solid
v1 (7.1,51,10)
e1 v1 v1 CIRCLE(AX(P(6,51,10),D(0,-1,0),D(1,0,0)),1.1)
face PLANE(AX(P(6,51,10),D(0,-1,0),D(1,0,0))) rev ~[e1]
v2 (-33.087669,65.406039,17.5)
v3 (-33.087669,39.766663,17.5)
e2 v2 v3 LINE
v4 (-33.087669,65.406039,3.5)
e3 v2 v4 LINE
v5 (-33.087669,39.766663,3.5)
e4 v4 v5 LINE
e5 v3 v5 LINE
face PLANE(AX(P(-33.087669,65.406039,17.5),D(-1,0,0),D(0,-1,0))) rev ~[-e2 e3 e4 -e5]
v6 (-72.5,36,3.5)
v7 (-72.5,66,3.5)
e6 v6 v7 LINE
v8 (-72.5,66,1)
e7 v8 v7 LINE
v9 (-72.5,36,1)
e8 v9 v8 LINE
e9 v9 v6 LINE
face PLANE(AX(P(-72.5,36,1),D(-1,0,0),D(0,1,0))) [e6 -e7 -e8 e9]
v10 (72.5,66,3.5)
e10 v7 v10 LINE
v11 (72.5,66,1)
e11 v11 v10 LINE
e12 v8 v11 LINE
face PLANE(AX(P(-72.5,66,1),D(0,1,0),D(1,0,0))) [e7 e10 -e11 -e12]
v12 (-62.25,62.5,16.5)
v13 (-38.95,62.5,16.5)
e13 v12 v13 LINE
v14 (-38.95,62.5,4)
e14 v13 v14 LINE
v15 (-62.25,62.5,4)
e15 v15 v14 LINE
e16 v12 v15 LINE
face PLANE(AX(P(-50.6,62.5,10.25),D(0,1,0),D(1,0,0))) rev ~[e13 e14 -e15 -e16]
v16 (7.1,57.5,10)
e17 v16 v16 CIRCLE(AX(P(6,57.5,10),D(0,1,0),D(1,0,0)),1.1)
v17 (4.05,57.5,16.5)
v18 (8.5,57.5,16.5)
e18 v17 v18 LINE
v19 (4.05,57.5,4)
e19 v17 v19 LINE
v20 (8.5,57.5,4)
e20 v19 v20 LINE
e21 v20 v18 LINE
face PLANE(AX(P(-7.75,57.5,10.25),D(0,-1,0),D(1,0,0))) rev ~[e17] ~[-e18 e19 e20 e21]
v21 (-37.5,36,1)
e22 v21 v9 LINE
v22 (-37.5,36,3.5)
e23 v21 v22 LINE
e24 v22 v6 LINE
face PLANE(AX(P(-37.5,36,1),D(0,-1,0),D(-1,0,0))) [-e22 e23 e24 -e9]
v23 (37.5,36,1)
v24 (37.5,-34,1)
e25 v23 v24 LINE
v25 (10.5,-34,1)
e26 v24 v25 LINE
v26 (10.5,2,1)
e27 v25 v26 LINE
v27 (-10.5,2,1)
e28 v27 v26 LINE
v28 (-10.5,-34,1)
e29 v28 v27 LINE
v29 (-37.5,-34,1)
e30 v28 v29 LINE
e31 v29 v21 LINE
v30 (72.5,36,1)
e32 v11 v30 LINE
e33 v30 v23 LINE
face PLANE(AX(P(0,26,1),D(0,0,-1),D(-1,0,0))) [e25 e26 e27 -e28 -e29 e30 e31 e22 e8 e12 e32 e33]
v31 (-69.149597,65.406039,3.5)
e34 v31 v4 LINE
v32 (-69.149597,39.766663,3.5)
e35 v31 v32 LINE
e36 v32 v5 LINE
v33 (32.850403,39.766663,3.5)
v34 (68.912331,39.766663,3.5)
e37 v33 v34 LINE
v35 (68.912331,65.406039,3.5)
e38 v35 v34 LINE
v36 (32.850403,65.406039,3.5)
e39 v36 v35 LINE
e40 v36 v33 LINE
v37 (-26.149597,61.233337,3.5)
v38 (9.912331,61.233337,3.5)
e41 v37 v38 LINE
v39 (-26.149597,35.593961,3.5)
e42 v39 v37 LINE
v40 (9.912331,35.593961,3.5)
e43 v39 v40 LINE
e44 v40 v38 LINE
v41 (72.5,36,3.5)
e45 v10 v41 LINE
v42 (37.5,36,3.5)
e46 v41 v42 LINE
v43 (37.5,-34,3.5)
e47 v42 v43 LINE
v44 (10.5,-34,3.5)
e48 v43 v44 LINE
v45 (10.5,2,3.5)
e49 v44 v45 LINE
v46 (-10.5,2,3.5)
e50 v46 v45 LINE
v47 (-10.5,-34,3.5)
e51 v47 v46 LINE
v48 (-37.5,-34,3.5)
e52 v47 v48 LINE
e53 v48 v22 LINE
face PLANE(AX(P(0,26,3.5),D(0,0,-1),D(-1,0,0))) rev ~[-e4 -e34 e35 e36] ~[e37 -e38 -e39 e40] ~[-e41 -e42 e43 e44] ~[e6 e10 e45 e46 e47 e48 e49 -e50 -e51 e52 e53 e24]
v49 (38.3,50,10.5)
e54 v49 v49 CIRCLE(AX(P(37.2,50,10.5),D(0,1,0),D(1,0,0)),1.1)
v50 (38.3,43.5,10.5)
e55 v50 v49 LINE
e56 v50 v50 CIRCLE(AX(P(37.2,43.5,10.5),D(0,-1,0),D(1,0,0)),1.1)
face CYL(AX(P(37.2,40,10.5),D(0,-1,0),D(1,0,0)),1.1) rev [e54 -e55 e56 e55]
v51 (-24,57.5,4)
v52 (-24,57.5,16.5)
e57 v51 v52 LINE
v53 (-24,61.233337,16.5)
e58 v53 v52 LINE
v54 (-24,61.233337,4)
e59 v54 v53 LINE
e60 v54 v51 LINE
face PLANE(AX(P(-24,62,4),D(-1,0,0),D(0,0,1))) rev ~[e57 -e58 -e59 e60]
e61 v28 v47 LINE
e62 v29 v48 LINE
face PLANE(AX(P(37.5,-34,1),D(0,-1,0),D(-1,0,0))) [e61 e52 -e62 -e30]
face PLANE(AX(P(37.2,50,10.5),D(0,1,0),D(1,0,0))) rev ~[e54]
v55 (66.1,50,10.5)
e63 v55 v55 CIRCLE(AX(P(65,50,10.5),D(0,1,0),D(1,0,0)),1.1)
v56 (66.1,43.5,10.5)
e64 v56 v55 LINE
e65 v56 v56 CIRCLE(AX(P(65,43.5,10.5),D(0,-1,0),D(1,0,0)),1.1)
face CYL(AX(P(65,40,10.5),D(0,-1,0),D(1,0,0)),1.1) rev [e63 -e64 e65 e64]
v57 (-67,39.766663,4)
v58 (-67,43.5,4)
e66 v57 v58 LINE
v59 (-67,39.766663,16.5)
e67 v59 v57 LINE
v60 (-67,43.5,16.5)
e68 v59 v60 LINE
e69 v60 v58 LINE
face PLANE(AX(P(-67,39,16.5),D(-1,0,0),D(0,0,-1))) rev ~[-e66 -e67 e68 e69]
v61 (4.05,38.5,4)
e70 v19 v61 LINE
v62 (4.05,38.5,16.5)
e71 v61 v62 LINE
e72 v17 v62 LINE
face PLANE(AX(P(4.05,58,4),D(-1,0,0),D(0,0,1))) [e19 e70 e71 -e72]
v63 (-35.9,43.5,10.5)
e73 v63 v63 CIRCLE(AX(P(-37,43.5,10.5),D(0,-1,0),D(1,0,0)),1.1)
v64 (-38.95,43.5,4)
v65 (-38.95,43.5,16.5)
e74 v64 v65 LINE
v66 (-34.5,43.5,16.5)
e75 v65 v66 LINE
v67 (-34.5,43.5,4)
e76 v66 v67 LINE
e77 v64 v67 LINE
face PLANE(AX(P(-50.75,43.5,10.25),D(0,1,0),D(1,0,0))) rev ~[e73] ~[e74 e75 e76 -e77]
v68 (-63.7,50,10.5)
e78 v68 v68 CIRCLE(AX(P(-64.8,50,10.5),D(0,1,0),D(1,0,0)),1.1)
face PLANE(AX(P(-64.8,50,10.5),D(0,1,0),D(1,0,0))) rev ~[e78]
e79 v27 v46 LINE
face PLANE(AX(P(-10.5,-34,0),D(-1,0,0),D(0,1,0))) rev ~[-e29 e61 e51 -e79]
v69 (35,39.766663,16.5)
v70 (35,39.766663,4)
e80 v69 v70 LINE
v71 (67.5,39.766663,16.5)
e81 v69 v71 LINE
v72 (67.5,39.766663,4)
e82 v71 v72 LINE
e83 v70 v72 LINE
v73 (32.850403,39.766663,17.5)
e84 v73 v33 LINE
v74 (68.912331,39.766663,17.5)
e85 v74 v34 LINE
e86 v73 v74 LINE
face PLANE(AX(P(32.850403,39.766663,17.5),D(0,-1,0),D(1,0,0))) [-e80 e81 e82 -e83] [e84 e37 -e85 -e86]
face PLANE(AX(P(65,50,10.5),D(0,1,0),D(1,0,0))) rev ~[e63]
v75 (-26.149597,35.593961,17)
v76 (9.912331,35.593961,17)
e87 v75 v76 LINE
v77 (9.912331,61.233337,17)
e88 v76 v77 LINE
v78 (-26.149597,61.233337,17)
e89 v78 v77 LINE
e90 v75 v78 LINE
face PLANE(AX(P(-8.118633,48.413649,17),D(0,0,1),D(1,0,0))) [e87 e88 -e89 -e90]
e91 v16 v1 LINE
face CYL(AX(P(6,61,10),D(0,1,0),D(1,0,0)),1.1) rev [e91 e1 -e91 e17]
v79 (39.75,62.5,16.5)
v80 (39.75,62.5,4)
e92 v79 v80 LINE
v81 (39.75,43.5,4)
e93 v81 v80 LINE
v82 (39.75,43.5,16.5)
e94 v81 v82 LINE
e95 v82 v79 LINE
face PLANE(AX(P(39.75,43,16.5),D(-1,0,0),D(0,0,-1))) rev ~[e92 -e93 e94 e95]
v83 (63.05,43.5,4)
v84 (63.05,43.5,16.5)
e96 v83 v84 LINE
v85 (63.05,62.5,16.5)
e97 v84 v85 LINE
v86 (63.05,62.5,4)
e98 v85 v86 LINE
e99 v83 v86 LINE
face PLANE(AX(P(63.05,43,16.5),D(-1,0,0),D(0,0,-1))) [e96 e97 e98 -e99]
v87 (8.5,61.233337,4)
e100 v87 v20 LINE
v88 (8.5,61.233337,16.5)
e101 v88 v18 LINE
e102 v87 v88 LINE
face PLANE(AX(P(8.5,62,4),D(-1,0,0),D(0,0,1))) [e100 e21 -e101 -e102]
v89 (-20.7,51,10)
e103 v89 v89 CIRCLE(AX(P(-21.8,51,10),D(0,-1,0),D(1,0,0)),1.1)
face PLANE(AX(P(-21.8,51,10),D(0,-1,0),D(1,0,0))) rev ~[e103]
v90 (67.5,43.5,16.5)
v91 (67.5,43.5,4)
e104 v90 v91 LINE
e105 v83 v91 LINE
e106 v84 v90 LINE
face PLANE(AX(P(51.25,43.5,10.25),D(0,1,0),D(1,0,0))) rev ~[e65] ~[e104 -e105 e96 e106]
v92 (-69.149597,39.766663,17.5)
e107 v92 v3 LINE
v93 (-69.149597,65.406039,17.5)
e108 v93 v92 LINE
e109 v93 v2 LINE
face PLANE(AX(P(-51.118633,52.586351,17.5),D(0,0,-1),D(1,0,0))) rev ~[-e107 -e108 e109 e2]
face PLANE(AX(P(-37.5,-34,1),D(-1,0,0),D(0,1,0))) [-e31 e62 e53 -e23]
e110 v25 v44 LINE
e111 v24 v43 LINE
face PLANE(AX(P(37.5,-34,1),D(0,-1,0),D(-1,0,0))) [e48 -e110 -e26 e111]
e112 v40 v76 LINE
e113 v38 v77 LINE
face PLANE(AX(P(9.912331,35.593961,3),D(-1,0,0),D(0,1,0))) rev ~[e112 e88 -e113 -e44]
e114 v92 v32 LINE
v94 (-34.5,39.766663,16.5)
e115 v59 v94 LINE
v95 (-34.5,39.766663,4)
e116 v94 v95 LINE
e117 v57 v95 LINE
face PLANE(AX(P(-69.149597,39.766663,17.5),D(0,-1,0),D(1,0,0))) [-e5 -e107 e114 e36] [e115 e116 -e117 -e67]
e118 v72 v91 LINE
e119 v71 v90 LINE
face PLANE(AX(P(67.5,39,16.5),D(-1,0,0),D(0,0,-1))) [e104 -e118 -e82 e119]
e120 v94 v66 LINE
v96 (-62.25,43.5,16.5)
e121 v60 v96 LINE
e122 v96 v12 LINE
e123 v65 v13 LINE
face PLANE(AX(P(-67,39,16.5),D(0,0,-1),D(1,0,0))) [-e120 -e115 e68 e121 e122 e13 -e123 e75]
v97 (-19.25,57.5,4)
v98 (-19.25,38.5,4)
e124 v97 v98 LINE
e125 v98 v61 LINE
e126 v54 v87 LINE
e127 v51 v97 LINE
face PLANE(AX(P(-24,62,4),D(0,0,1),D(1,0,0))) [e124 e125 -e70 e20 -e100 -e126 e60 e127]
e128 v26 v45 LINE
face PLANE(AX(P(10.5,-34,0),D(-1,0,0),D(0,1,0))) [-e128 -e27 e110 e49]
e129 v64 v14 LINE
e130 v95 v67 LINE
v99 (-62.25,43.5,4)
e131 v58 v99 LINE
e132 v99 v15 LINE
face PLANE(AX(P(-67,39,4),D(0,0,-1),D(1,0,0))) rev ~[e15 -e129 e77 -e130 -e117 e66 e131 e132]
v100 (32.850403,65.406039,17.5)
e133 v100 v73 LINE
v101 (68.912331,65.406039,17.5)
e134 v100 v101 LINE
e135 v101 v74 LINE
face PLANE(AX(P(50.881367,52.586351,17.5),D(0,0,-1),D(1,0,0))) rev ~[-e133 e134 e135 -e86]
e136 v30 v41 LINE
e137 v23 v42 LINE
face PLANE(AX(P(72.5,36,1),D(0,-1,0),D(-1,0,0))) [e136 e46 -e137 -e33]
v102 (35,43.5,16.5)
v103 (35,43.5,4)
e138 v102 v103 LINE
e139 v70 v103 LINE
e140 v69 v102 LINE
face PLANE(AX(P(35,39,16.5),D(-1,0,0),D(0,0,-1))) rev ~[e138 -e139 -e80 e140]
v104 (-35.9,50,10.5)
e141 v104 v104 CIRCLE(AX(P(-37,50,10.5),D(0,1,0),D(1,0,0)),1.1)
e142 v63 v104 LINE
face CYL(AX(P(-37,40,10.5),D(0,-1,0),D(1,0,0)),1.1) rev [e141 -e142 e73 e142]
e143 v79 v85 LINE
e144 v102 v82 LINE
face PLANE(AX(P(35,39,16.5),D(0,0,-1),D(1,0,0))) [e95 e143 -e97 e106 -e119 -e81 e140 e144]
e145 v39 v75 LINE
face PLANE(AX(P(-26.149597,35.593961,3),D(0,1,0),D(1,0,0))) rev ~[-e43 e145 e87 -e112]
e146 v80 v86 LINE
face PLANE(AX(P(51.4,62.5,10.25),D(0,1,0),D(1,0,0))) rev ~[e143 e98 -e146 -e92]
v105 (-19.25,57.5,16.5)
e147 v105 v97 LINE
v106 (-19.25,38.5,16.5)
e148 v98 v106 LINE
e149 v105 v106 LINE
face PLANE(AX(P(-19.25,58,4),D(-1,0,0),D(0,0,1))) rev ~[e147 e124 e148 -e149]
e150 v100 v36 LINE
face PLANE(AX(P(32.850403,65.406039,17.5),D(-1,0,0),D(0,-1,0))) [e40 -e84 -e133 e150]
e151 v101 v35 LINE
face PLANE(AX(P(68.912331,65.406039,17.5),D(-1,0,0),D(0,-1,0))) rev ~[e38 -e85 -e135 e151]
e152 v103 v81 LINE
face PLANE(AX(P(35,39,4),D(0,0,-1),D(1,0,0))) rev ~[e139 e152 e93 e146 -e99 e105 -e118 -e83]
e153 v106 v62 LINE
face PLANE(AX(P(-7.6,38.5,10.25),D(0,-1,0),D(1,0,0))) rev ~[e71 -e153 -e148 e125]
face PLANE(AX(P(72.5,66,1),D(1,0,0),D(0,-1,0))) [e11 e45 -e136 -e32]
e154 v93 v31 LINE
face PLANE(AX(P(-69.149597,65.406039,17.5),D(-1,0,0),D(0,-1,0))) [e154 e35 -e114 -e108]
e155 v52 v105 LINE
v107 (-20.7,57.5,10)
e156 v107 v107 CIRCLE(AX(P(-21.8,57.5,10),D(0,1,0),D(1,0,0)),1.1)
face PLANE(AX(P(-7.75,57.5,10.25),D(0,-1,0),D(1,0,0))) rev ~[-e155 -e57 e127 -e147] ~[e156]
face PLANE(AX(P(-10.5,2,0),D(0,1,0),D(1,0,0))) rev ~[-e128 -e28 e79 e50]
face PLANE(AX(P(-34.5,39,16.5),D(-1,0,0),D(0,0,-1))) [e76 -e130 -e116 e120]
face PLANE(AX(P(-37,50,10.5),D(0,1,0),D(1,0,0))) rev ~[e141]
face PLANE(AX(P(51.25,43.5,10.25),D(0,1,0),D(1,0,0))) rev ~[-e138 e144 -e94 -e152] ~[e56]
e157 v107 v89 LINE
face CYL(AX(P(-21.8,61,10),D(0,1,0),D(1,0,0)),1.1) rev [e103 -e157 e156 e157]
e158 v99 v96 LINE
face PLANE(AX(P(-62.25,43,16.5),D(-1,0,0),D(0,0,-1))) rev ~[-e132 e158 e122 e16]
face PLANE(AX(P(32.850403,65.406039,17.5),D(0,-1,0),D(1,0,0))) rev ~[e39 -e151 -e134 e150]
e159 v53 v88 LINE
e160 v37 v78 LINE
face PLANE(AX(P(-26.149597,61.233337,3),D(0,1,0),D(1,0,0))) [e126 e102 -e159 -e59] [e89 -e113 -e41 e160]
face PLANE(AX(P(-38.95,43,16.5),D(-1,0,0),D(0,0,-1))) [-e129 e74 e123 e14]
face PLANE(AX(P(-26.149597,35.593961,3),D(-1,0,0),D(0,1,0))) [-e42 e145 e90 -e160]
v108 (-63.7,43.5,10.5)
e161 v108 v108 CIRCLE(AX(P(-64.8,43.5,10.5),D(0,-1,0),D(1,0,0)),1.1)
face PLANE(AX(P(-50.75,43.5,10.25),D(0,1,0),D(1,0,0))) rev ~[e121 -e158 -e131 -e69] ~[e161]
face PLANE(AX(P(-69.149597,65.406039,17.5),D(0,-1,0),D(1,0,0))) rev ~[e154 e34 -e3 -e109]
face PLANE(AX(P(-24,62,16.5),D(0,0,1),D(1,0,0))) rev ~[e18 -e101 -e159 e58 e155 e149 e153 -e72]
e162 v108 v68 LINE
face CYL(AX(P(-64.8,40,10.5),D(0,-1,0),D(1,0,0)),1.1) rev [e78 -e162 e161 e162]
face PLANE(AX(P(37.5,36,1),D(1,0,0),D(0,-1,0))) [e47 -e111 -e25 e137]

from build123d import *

# Parameters (mm, degrees)
BOX006_W               = 21
BOX006_H               = 36
BOX006_DEPTH           = 10
CYLINDER013_R          = 1.1
CYLINDER013_DEPTH      = 10
CYLINDER014_R          = 1.1
CYLINDER014_DEPTH      = 10
SKETCH019_W            = 23.3
SKETCH019_H            = 12.5
PAD019_DEPTH           = 19.5
SKETCH017_W            = 32.5
SKETCH017_H            = 12.5
PAD018_DEPTH           = 4.5
SKETCH018_W            = 36.061928
SKETCH018_H            = 25.639376
PAD017_DEPTH           = 14
CYLINDER015_R          = 1.1
CYLINDER015_DEPTH      = 10
CYLINDER016_R          = 1.1
CYLINDER016_DEPTH      = 10
SKETCH022_W            = 23.3
SKETCH022_H            = 12.5
PAD022_DEPTH           = 19.5
SKETCH020_W            = 32.5
SKETCH020_H            = 12.5
PAD021_DEPTH           = 4.5
SKETCH021_W            = 36.061928
SKETCH021_H            = 25.639376
PAD020_DEPTH           = 14
CUT019_PLACEMENT_ANGLE = 180
CYLINDER017_R          = 1.1
CYLINDER017_DEPTH      = 10
CYLINDER018_R          = 1.1
CYLINDER018_DEPTH      = 10
SKETCH025_W            = 23.3
SKETCH025_H            = 12.5
PAD025_DEPTH           = 19.5
SKETCH023_W            = 32.5
SKETCH023_H            = 12.5
PAD024_DEPTH           = 4.5
SKETCH024_W            = 36.061928
SKETCH024_H            = 25.639376
PAD023_DEPTH           = 14
CUT022_PLACEMENT_ANGLE = 180
PAD016_DEPTH           = 2.5


with BuildPart() as cube006:
    # Box006 → Box006 (new body)
    with BuildSketch(Plane(origin=(-10.5, -34, 0), x_dir=(1, 0, 0), z_dir=(0, 0, 1))):
        with Locations((10.5, 18)):
            Rectangle(BOX006_W, BOX006_H)
    extrude(amount=BOX006_DEPTH)


with BuildPart() as cylinder013:
    # Cylinder013 → Cylinder013 (new body)
    with BuildSketch(Plane(origin=(30, 22, 6), x_dir=(1, 0, 0), z_dir=(0, -1, 0))):
        Circle(CYLINDER013_R)
    extrude(amount=CYLINDER013_DEPTH)


with BuildPart() as tornillossoporteservohollo002:
    # Cylinder014 → Cylinder014 (new body)
    with BuildSketch(Plane(origin=(2.2, 22, 6), x_dir=(1, 0, 0), z_dir=(0, -1, 0))):
        Circle(CYLINDER014_R)
    extrude(amount=CYLINDER014_DEPTH)

    # Fusion014: union Cylinder013
    add(cylinder013.part)


with BuildPart() as cortecuerpo002:
    # Sketch019 → Pad019 (new body)
    with BuildSketch(Plane.XZ):
        with Locations((16.4, 6.25)):
            Rectangle(SKETCH019_W, SKETCH019_H)
    extrude(amount=PAD019_DEPTH)


with BuildPart() as cortecuerpo002_1:
    # Body021 placement: moved
    add(cortecuerpo002.part.moved(Location((0, 19, 0))))


with BuildPart() as cortetornillos002:
    # Sketch017 → Pad018 (new body)
    with BuildSketch(Plane.XZ):
        with Locations((16.25, 6.25)):
            Rectangle(SKETCH017_W, SKETCH017_H)
    extrude(amount=PAD018_DEPTH)


with BuildPart() as cortetornillos002_1:
    # Body020 placement: moved
    add(cortetornillos002.part.moved(Location((0, 23, 0))))


with BuildPart() as soporteservocajamg90s001:
    # Sketch018 → Pad017 (new body)
    with BuildSketch(Plane.XY):
        with Locations((15.881367, 9.413649)):
            Rectangle(SKETCH018_W, SKETCH018_H)
    extrude(amount=PAD017_DEPTH)


with BuildPart() as soporteservocajamg90s001_1:
    # Body019 placement: moved
    add(soporteservocajamg90s001.part.moved(Location((0, 0, -1))))

    # Cut014: cut CorteTornillos002
    add(cortetornillos002_1.part, mode=Mode.SUBTRACT)

    # Cut015: cut CorteCuerpo002
    add(cortecuerpo002_1.part, mode=Mode.SUBTRACT)

    # Cut016: cut tornillosSoporteServoHollo002
    add(tornillossoporteservohollo002.part, mode=Mode.SUBTRACT)


with BuildPart() as soporteservocajamg90s001_2:
    # Cut016 placement: moved
    add(soporteservocajamg90s001_1.part.moved(Location((-24, 39, 4))))


with BuildPart() as cylinder015:
    # Cylinder015 → Cylinder015 (new body)
    with BuildSketch(Plane(origin=(30, 22, 6), x_dir=(1, 0, 0), z_dir=(0, -1, 0))):
        Circle(CYLINDER015_R)
    extrude(amount=CYLINDER015_DEPTH)


with BuildPart() as tornillossoporteservohollo003:
    # Cylinder016 → Cylinder016 (new body)
    with BuildSketch(Plane(origin=(2.2, 22, 6), x_dir=(1, 0, 0), z_dir=(0, -1, 0))):
        Circle(CYLINDER016_R)
    extrude(amount=CYLINDER016_DEPTH)

    # Fusion015: union Cylinder015
    add(cylinder015.part)


with BuildPart() as cortecuerpo003:
    # Sketch022 → Pad022 (new body)
    with BuildSketch(Plane.XZ):
        with Locations((16.4, 6.25)):
            Rectangle(SKETCH022_W, SKETCH022_H)
    extrude(amount=PAD022_DEPTH)


with BuildPart() as cortecuerpo003_1:
    # Body024 placement: moved
    add(cortecuerpo003.part.moved(Location((0, 19, 0))))


with BuildPart() as cortetornillos003:
    # Sketch020 → Pad021 (new body)
    with BuildSketch(Plane.XZ):
        with Locations((16.25, 6.25)):
            Rectangle(SKETCH020_W, SKETCH020_H)
    extrude(amount=PAD021_DEPTH)


with BuildPart() as cortetornillos003_1:
    # Body023 placement: moved
    add(cortetornillos003.part.moved(Location((0, 23, 0))))


with BuildPart() as soporteservocajamg90s002:
    # Sketch021 → Pad020 (new body)
    with BuildSketch(Plane.XY):
        with Locations((15.881367, 9.413649)):
            Rectangle(SKETCH021_W, SKETCH021_H)
    extrude(amount=PAD020_DEPTH)


with BuildPart() as soporteservocajamg90s002_1:
    # Body022 placement: moved
    add(soporteservocajamg90s002.part.moved(Location((0, 0, -1))))

    # Cut017: cut CorteTornillos003
    add(cortetornillos003_1.part, mode=Mode.SUBTRACT)

    # Cut018: cut CorteCuerpo003
    add(cortecuerpo003_1.part, mode=Mode.SUBTRACT)

    # Cut019: cut tornillosSoporteServoHollo003
    add(tornillossoporteservohollo003.part, mode=Mode.SUBTRACT)


with BuildPart() as soporteservocajamg90s002_2:
    # Cut019 placement: moved
    add(soporteservocajamg90s002_1.part.moved(Location((-67, 62, 16.5))).rotate(Axis((-67, 62, 16.5), (1, 0, 0)), CUT019_PLACEMENT_ANGLE))


with BuildPart() as cylinder017:
    # Cylinder017 → Cylinder017 (new body)
    with BuildSketch(Plane(origin=(30, 22, 6), x_dir=(1, 0, 0), z_dir=(0, -1, 0))):
        Circle(CYLINDER017_R)
    extrude(amount=CYLINDER017_DEPTH)


with BuildPart() as tornillossoporteservohollo004:
    # Cylinder018 → Cylinder018 (new body)
    with BuildSketch(Plane(origin=(2.2, 22, 6), x_dir=(1, 0, 0), z_dir=(0, -1, 0))):
        Circle(CYLINDER018_R)
    extrude(amount=CYLINDER018_DEPTH)

    # Fusion016: union Cylinder017
    add(cylinder017.part)


with BuildPart() as cortecuerpo004:
    # Sketch025 → Pad025 (new body)
    with BuildSketch(Plane.XZ):
        with Locations((16.4, 6.25)):
            Rectangle(SKETCH025_W, SKETCH025_H)
    extrude(amount=PAD025_DEPTH)


with BuildPart() as cortecuerpo004_1:
    # Body027 placement: moved
    add(cortecuerpo004.part.moved(Location((0, 19, 0))))


with BuildPart() as cortetornillos004:
    # Sketch023 → Pad024 (new body)
    with BuildSketch(Plane.XZ):
        with Locations((16.25, 6.25)):
            Rectangle(SKETCH023_W, SKETCH023_H)
    extrude(amount=PAD024_DEPTH)


with BuildPart() as cortetornillos004_1:
    # Body026 placement: moved
    add(cortetornillos004.part.moved(Location((0, 23, 0))))


with BuildPart() as soporteservocajamg90s003:
    # Sketch024 → Pad023 (new body)
    with BuildSketch(Plane.XY):
        with Locations((15.881367, 9.413649)):
            Rectangle(SKETCH024_W, SKETCH024_H)
    extrude(amount=PAD023_DEPTH)


with BuildPart() as soporteservocajamg90s003_1:
    # Body025 placement: moved
    add(soporteservocajamg90s003.part.moved(Location((0, 0, -1))))

    # Cut020: cut CorteTornillos004
    add(cortetornillos004_1.part, mode=Mode.SUBTRACT)

    # Cut021: cut CorteCuerpo004
    add(cortecuerpo004_1.part, mode=Mode.SUBTRACT)

    # Cut022: cut tornillosSoporteServoHollo004
    add(tornillossoporteservohollo004.part, mode=Mode.SUBTRACT)


with BuildPart() as soporteservocajamg90s003_2:
    # Cut022 placement: moved
    add(soporteservocajamg90s003_1.part.moved(Location((35, 62, 16.5))).rotate(Axis((35, 62, 16.5), (1, 0, 0)), CUT022_PLACEMENT_ANGLE))


with BuildPart() as cut031:
    # Sketch016 → Pad016 (new body)
    with BuildSketch(Plane.XY):
        Polygon((-72.5, 36), (-72.5, 66), (72.5, 66), (72.5, 36), (37.5, 36), (37.5, -34), (-37.5, -34), (-37.5, 36), align=None)
    extrude(amount=PAD016_DEPTH)


with BuildPart() as cut031_1:
    # Body018 placement: moved
    add(cut031.part.moved(Location((0, 0, 1))))

    # Fusion022: union SoporteServoCajaMG90S001, SoporteServoCajaMG90S002, SoporteServoCajaMG90S003
    add(soporteservocajamg90s001_2.part)
    add(soporteservocajamg90s002_2.part)
    add(soporteservocajamg90s003_2.part)

    # Cut031: cut Cube006
    add(cube006.part, mode=Mode.SUBTRACT)


solid = cut031_1.part
